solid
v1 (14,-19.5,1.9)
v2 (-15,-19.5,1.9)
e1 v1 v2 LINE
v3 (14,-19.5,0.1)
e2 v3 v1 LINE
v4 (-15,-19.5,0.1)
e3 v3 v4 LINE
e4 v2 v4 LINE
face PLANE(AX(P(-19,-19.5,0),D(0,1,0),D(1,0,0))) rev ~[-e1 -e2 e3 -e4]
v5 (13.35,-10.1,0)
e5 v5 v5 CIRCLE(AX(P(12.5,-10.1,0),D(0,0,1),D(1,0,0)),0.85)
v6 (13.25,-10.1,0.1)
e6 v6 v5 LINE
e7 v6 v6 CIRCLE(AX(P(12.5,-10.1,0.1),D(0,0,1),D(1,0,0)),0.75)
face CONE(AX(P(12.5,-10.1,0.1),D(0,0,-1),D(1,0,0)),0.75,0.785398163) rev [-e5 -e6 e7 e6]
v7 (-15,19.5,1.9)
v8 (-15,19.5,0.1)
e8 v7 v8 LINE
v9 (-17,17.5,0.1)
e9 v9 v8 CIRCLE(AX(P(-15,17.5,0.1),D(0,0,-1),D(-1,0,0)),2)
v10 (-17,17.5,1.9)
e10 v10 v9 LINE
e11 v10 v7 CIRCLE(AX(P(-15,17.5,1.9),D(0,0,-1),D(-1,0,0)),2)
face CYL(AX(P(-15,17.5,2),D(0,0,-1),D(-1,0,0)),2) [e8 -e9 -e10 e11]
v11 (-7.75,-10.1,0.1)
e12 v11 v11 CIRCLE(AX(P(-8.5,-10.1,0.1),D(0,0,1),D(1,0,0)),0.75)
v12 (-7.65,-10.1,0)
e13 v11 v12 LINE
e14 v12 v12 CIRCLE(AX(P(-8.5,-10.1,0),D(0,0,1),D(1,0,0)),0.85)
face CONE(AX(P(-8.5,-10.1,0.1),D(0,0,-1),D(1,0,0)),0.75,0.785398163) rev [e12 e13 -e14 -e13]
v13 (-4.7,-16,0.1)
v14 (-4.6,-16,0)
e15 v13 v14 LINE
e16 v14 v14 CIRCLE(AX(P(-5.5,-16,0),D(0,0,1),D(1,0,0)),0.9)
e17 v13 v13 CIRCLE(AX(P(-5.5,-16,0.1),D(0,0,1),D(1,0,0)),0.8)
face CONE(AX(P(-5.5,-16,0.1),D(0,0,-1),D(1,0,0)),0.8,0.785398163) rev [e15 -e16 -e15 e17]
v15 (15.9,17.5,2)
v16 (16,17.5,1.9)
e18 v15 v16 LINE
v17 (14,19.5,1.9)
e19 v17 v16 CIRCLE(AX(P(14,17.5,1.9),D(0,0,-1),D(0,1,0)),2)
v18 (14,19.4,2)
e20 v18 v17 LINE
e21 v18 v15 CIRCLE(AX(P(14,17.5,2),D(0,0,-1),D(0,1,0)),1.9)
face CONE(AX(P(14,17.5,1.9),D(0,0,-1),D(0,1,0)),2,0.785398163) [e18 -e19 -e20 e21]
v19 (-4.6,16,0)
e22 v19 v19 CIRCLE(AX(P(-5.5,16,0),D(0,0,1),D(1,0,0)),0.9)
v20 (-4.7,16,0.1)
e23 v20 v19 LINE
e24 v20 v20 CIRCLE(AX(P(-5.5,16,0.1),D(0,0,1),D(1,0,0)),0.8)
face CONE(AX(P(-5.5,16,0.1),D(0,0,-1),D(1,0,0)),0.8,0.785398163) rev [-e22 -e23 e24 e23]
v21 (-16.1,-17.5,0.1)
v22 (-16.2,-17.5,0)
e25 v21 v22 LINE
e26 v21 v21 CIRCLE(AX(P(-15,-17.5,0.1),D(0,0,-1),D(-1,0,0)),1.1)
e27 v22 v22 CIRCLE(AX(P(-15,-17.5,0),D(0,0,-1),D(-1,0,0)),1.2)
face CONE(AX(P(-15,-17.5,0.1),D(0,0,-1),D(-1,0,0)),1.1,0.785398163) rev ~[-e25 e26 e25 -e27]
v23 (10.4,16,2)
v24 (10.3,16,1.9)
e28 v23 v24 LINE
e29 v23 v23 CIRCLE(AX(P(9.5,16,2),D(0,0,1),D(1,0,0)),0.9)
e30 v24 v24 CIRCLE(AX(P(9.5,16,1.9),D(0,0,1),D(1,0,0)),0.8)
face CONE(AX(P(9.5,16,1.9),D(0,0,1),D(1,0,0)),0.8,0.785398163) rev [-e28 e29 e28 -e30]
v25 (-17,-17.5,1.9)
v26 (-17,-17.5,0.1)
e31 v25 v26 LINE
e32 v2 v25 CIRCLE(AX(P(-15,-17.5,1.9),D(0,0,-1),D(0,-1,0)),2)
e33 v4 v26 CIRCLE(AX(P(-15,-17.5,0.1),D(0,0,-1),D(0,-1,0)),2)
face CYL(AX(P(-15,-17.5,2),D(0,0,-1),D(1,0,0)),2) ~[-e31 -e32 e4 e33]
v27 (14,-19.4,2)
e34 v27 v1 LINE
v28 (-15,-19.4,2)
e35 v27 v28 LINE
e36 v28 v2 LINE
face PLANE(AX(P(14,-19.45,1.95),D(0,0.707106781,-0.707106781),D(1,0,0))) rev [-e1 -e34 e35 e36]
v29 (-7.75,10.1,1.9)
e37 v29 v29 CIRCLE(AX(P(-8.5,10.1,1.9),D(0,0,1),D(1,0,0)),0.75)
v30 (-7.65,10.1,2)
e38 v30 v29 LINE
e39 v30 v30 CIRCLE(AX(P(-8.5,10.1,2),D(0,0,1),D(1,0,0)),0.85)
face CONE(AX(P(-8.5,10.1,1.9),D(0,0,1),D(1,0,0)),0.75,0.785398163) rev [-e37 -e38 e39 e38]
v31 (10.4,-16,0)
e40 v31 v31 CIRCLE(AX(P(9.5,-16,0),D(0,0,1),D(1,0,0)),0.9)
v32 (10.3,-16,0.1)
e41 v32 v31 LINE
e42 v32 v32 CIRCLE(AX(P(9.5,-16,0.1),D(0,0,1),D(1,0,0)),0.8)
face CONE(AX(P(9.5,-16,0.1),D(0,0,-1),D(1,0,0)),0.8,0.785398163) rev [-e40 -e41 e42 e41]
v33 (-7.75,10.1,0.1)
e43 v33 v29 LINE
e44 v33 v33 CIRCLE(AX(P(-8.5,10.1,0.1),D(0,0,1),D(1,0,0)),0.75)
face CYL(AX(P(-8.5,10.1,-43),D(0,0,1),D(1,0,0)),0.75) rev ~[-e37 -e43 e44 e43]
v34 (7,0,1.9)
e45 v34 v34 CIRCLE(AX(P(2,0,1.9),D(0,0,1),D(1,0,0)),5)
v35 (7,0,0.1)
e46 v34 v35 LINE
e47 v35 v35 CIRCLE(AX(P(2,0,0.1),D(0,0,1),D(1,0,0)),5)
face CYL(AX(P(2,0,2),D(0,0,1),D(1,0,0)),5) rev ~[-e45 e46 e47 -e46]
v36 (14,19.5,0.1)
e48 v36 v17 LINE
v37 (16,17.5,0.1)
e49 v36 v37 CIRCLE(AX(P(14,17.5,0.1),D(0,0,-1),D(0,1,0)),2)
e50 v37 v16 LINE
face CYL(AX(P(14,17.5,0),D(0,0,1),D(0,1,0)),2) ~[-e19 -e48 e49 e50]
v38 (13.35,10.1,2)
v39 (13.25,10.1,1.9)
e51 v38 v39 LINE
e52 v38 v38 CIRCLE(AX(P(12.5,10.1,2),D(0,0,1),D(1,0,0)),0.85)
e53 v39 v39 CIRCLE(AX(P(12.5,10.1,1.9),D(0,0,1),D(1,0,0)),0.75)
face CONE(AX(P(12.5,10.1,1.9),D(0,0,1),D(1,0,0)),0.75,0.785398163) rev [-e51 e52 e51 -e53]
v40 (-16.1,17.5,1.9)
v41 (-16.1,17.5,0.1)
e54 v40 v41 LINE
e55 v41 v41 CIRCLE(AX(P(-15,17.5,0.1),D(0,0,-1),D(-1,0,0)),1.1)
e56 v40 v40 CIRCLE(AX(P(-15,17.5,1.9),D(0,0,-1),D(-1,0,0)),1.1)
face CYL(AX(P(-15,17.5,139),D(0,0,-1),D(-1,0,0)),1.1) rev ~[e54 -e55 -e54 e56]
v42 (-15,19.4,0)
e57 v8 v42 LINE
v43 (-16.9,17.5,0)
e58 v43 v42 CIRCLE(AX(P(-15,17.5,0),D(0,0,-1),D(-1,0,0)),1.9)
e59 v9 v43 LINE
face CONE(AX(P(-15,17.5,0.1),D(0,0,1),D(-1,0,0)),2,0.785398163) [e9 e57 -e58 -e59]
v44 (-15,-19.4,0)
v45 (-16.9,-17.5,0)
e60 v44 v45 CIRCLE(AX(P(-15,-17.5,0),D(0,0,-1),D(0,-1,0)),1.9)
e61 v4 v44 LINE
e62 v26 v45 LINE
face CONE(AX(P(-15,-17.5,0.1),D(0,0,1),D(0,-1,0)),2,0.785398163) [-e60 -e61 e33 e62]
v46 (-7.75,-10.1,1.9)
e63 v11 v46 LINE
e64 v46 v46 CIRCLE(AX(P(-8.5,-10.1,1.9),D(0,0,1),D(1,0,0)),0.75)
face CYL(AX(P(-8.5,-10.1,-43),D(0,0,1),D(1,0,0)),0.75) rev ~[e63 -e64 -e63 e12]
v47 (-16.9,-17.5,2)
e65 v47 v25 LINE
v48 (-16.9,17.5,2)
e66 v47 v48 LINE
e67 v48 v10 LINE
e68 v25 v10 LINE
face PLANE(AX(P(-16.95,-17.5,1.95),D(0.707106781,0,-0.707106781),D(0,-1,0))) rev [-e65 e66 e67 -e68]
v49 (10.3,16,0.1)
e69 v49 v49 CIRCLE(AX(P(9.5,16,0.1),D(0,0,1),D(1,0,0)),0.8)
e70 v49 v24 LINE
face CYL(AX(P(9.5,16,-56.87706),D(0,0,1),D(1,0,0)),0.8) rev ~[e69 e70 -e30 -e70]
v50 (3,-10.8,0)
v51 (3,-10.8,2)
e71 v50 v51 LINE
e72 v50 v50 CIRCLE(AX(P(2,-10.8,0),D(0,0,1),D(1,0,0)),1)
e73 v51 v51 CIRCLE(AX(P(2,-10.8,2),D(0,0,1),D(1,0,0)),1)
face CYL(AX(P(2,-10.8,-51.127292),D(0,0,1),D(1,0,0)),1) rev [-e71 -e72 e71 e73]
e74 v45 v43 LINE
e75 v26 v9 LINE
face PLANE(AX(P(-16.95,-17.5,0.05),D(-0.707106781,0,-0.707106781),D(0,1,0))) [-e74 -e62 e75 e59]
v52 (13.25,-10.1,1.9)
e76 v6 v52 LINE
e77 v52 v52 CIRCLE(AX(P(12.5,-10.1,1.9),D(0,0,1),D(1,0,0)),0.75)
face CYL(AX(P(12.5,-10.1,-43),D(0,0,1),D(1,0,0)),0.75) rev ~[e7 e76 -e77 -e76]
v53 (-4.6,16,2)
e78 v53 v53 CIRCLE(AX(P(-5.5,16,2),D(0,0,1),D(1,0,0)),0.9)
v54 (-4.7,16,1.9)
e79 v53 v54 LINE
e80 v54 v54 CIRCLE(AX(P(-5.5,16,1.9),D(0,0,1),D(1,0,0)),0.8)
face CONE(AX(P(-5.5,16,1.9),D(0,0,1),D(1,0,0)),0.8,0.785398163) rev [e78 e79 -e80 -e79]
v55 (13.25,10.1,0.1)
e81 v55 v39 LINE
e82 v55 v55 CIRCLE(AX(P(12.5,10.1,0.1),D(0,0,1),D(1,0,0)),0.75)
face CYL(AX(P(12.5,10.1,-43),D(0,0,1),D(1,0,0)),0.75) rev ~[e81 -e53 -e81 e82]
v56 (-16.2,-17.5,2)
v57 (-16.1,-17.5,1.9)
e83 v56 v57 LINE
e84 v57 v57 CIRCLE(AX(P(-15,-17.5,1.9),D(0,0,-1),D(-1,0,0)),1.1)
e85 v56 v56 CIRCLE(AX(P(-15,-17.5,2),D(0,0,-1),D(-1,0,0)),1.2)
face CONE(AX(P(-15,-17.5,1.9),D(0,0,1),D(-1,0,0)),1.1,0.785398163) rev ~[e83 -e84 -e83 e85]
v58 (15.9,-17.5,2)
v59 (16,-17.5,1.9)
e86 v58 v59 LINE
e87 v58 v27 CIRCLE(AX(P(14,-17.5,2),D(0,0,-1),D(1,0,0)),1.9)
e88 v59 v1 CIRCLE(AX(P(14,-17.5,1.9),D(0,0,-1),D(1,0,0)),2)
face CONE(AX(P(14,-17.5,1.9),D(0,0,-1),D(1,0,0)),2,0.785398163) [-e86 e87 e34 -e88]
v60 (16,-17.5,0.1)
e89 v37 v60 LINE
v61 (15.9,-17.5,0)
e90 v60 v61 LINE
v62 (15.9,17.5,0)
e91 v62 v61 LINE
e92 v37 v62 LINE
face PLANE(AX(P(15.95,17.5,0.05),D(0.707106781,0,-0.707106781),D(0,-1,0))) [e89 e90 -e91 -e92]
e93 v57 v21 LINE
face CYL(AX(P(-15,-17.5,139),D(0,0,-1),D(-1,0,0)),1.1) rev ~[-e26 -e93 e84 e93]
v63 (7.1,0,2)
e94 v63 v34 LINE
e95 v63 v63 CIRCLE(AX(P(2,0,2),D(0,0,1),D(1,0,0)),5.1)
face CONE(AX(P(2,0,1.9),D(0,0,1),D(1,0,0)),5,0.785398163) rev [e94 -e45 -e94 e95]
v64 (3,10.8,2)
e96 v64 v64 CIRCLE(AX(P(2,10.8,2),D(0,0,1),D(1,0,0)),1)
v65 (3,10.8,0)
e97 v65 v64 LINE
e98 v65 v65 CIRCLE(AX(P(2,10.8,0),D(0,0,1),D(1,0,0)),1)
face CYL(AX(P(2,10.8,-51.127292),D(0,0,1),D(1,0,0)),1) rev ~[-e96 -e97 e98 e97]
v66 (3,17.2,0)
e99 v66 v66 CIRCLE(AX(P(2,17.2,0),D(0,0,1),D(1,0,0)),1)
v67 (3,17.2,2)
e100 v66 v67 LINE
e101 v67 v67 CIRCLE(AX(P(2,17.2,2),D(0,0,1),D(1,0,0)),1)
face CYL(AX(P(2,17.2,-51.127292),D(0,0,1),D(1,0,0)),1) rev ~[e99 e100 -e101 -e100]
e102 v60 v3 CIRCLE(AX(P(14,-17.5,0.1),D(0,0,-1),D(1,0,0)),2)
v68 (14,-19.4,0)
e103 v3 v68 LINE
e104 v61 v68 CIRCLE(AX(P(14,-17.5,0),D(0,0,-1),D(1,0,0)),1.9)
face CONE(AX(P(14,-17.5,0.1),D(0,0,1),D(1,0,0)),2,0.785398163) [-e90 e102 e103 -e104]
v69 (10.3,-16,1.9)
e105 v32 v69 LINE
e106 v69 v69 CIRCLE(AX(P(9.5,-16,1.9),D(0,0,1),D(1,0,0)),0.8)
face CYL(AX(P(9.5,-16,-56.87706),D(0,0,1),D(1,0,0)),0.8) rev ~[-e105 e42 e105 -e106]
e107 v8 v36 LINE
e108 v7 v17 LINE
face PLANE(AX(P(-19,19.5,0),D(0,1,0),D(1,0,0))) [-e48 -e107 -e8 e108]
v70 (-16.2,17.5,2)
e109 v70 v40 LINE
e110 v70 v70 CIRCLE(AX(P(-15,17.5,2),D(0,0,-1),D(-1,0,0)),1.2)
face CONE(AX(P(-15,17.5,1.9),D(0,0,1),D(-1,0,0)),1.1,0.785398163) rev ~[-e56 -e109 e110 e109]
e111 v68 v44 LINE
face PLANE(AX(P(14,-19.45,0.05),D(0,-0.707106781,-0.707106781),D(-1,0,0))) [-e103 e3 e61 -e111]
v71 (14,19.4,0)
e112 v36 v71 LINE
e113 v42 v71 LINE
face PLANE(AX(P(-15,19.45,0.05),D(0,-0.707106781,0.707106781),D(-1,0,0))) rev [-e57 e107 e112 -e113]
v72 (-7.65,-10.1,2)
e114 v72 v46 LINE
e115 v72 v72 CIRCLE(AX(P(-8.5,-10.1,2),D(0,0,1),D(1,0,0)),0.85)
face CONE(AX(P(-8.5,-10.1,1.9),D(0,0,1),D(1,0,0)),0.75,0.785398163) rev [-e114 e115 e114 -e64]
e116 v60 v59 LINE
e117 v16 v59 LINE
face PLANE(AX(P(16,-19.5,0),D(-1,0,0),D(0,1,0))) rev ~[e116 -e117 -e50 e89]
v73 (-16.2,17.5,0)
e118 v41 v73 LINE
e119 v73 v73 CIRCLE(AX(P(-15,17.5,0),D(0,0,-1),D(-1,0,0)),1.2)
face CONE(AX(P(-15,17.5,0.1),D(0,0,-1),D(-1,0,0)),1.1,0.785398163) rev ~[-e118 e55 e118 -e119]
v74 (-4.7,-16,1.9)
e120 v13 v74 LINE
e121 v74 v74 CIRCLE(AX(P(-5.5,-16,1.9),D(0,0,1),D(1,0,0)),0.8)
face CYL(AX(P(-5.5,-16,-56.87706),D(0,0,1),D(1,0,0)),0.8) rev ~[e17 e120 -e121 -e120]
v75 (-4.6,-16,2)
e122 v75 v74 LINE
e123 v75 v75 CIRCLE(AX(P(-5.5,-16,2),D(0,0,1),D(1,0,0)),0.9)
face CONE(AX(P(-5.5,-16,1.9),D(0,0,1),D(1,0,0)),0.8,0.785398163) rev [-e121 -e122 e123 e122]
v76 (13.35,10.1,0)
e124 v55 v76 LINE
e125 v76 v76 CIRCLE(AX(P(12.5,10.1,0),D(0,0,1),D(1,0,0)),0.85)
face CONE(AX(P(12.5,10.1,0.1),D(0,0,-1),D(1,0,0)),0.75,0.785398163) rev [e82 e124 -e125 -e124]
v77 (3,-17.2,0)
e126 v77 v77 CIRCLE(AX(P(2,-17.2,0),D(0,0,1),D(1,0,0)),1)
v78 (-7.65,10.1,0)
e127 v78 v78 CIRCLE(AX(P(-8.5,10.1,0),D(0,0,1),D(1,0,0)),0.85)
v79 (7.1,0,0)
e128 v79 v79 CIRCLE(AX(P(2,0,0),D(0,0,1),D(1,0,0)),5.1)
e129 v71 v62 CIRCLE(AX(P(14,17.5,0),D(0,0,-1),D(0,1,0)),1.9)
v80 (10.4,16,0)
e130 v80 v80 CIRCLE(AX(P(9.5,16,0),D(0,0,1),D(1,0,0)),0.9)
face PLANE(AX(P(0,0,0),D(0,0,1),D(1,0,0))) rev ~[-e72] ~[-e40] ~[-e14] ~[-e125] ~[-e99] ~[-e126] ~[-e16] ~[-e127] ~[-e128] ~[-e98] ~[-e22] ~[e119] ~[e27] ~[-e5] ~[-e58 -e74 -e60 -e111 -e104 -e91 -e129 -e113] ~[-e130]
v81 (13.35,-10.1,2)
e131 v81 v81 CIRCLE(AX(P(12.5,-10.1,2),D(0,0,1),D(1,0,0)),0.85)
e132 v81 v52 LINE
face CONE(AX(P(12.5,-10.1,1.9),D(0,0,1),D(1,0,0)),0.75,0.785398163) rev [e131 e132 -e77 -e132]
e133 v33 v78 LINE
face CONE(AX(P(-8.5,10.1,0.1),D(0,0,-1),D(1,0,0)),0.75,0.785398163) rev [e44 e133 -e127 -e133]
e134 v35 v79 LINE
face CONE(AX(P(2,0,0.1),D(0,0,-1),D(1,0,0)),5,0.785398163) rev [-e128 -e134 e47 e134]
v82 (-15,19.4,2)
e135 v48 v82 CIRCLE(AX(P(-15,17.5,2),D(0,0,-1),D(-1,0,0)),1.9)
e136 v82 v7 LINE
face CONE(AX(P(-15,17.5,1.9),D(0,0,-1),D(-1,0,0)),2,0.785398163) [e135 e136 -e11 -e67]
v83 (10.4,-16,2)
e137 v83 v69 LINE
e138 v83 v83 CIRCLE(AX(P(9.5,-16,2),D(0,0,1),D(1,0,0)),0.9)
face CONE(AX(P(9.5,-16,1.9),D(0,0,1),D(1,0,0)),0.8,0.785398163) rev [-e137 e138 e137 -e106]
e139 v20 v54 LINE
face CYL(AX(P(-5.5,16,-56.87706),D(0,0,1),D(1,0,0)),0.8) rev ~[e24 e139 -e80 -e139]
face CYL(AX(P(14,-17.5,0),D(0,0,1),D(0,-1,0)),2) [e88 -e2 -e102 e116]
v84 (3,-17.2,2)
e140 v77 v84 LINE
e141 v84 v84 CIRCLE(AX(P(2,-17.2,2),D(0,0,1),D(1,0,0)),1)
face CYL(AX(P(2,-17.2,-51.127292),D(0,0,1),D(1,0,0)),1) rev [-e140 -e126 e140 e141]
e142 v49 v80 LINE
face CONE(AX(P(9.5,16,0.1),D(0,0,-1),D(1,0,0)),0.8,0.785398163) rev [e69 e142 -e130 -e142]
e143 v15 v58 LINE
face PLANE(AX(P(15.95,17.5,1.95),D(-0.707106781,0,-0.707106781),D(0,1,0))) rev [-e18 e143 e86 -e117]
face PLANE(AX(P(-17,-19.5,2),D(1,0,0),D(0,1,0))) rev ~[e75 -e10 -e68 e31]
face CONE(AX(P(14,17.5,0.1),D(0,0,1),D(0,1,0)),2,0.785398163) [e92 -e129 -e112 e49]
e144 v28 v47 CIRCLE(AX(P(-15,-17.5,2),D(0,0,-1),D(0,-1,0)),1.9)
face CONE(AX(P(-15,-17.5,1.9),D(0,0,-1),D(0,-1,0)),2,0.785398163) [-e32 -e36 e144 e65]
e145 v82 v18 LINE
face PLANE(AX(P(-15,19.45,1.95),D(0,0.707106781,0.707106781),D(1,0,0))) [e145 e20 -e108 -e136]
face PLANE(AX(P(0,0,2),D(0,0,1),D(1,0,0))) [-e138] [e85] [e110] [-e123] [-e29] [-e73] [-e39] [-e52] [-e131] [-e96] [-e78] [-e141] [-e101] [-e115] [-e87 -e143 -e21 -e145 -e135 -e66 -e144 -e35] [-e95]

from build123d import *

# Parameters (mm, degrees)
SKETCH_2_W                  = 38
SKETCH_2_H                  = 39
EXTRUDE_1_DEPTH             = 2
CHAMFER_3_SIZE              = 1
SKETCH_7_R                  = 5
CUT_EXTRUDE_3_DEPTH         = 10
SKETCH_8_W                  = 2
SKETCH_8_H                  = 39
CUT_EXTRUDE_4_DEPTH         = 10
FILLET_3_R                  = 2
SKETCH_9_R                  = 2
EXTRUDE_1_2_DEPTH           = 23
SKETCH_10_W                 = 3
SKETCH_10_H                 = 39
CUT_EXTRUDE_1_DEPTH         = 10
FILLET_5_R                  = 2
CHAMFER_5_SIZE              = 0.5
HOLE_WIZARD_M2_1_D          = 1.6
HOLE_WIZARD_2_2_2_2_1_D     = 2.2
HOLE_WIZARD_2_2_2_2_1_DEPTH = 114
HOLE_WIZARD_2_2_2_2_1_TIP   = 0.660946681
SKETCH_24_W                 = 68.041100534
SKETCH_24_H                 = 56.84151123
CUT_EXTRUDE_3_2_DEPTH       = 95
HOLE_WIZARD_1_5_1_5_1_D     = 1.5
HOLE_WIZARD_1_5_1_5_1_DEPTH = 43
HOLE_WIZARD_1_5_1_5_1_TIP   = 0.450645464
CHAMFER_6_SIZE              = 0.1
CHAMFER_7_SIZE              = 0.1
HOLE_WIZARD_2_0_2_1_D       = 2


with BuildPart() as part:
    # 草图2 → Extrude 1 (new body)
    with BuildSketch(Plane.XY):
        Rectangle(SKETCH_2_W, SKETCH_2_H)
    extrude(amount=EXTRUDE_1_DEPTH)

    # 倒角3
    chamfer_3_edges = [part.edges().sort_by_distance(p)[0] for p in [
        (-19, 19.5, 1),
        (-19, -19.5, 1),
    ]]
    chamfer(chamfer_3_edges, length=CHAMFER_3_SIZE)

    # 草图7 → Cut-Extrude 3 (cut)
    with BuildSketch(Plane.XY.offset(2)):
        with Locations((2, 0)):
            Circle(SKETCH_7_R)
    extrude(amount=-CUT_EXTRUDE_3_DEPTH, mode=Mode.SUBTRACT)

    # 草图8 → 拉伸4 (cut)
    with BuildSketch(Plane.XY.offset(2)):
        with Locations((-18, 0)):
            Rectangle(SKETCH_8_W, SKETCH_8_H)
    extrude(amount=-CUT_EXTRUDE_4_DEPTH, mode=Mode.SUBTRACT)

    # 圆角3
    fillet_3_edges = [part.edges().sort_by_distance(p)[0] for p in [
        (-17, 19.5, 1),
        (-17, -19.5, 1),
    ]]
    fillet(fillet_3_edges, radius=FILLET_3_R)

    # 草图9 → Extrude 1 2 (add)
    with BuildSketch(Plane.XY.offset(2)):
        with Locations((-15, 17.5)):
            Circle(SKETCH_9_R)
        with Locations((-15, -17.5)):
            Circle(SKETCH_9_R)
    extrude_1_2 = extrude(amount=EXTRUDE_1_2_DEPTH)

    # 镜向1: Extrude 1 2 across plane
    add(extrude_1_2.mirror(Plane.ZX))

    # 草图10 → 切除-拉伸1 (cut)
    with BuildSketch(Plane(origin=(0, 0, 0), x_dir=(-1, 0, 0), z_dir=(0, 0, -1))):
        with Locations((-17.5, 0)):
            Rectangle(SKETCH_10_W, SKETCH_10_H)
    extrude(amount=-CUT_EXTRUDE_1_DEPTH, mode=Mode.SUBTRACT)

    # 圆角5
    fillet_5_edges = [part.edges().sort_by_distance(p)[0] for p in [
        (16, -19.5, 1),
        (16, 19.5, 1),
    ]]
    fillet(fillet_5_edges, radius=FILLET_5_R)

    # 倒角5
    chamfer_5_edges = [part.edges().sort_by_distance(p)[0] for p in [
        (-17, 17.5, 25),
        (-17, -17.5, 25),
    ]]
    chamfer(chamfer_5_edges, length=CHAMFER_5_SIZE)

    # M2 螺纹孔1 (through all)
    with Locations(Plane(origin=(9.5, 16, 0), x_dir=(-1, 0, 0), z_dir=(0, 0, -1))):
        with Locations((0, 0), (15, 0), (0, -32), (15, -32)):
            Hole(HOLE_WIZARD_M2_1_D / 2)

    # Ø2.2 (2.2) 直径孔1
    with Locations(Plane(origin=(-15, 17.5, 25), x_dir=(1, 0, 0), z_dir=(0, 0, 1))):
        with Locations((0, 0), (0, -35)):
            Hole(HOLE_WIZARD_2_2_2_2_1_D / 2, depth=HOLE_WIZARD_2_2_2_2_1_DEPTH)
            with Locations((0, 0, -(HOLE_WIZARD_2_2_2_2_1_DEPTH + HOLE_WIZARD_2_2_2_2_1_TIP / 2))):  # 118° drill point
                Cone(0, HOLE_WIZARD_2_2_2_2_1_D / 2, HOLE_WIZARD_2_2_2_2_1_TIP, mode=Mode.SUBTRACT)

    # 草图24 → Cut-Extrude 3 2 (cut)
    with BuildSketch(Plane.XY.offset(2)):
        Rectangle(SKETCH_24_W, SKETCH_24_H)
    extrude(amount=CUT_EXTRUDE_3_2_DEPTH, mode=Mode.SUBTRACT)

    # Ø1.5 (1.5) 直径孔1
    with Locations(Plane(origin=(12.5, 10.1, 0), x_dir=(-1, 0, 0), z_dir=(0, 0, -1))):
        with Locations((0, 0), (21, 0), (21, -20.2), (0, -20.2)):
            Hole(HOLE_WIZARD_1_5_1_5_1_D / 2, depth=HOLE_WIZARD_1_5_1_5_1_DEPTH)
            with Locations((0, 0, -(HOLE_WIZARD_1_5_1_5_1_DEPTH + HOLE_WIZARD_1_5_1_5_1_TIP / 2))):  # 118° drill point
                Cone(0, HOLE_WIZARD_1_5_1_5_1_D / 2, HOLE_WIZARD_1_5_1_5_1_TIP, mode=Mode.SUBTRACT)

    # 倒角6
    chamfer_6_edges = [part.edges().sort_by_distance(p)[0] for p in [
        (-13.9, 17.5, 0),
        (-13.9, -17.5, 0),
        (8.7, 16, 0),
        (-6.3, 16, 0),
        (8.7, -16, 0),
        (15.414213562, 18.914213562, 0),
        (-0.5, 19.5, 0),
        (-16.414213562, 18.914213562, 0),
        (-17, 0, 0),
        (-16.414213562, -18.914213562, 0),
        (-0.5, -19.5, 0),
        (15.414213562, -18.914213562, 0),
        (16, 0, 0),
        (-3, 0, 0),
        (-6.3, -16, 0),
        (11.75, -10.1, 0),
        (-9.25, -10.1, 0),
        (-9.25, 10.1, 0),
        (11.75, 10.1, 0),
    ]]
    chamfer(chamfer_6_edges, length=CHAMFER_6_SIZE)

    # 倒角7
    chamfer_7_edges = [part.edges().sort_by_distance(p)[0] for p in [
        (-13.9, -17.5, 2),
        (-13.9, 17.5, 2),
        (8.7, 16, 2),
        (-6.3, 16, 2),
        (8.7, -16, 2),
        (-6.3, -16, 2),
        (-16.414213562, -18.914213562, 2),
        (-17, 0, 2),
        (-13.9, 17.5, 2),
        (-0.5, 19.5, 2),
        (15.414213562, 18.914213562, 2),
        (16, 0, 2),
        (15.414213562, -18.914213562, 2),
        (-0.5, -19.5, 2),
        (-3, 0, 2),
        (11.75, -10.1, 2),
        (-9.25, -10.1, 2),
        (-9.25, 10.1, 2),
        (11.75, 10.1, 2),
    ]]
    chamfer(chamfer_7_edges, length=CHAMFER_7_SIZE)

    # Ø2.0 (2) 直径孔1 (through all)
    with Locations(Plane(origin=(2, 10.8, 0), x_dir=(-1, 0, 0), z_dir=(0, 0, -1))):
        with Locations((0, 0), (0, 6.4)):
            hole_wizard_2_0_2_1 = Hole(HOLE_WIZARD_2_0_2_1_D / 2)

    # 镜向3: Ø2.0 (2) 直径孔1 across plane
    add(hole_wizard_2_0_2_1.mirror(Plane.ZX), mode=Mode.SUBTRACT)


solid = part.part
